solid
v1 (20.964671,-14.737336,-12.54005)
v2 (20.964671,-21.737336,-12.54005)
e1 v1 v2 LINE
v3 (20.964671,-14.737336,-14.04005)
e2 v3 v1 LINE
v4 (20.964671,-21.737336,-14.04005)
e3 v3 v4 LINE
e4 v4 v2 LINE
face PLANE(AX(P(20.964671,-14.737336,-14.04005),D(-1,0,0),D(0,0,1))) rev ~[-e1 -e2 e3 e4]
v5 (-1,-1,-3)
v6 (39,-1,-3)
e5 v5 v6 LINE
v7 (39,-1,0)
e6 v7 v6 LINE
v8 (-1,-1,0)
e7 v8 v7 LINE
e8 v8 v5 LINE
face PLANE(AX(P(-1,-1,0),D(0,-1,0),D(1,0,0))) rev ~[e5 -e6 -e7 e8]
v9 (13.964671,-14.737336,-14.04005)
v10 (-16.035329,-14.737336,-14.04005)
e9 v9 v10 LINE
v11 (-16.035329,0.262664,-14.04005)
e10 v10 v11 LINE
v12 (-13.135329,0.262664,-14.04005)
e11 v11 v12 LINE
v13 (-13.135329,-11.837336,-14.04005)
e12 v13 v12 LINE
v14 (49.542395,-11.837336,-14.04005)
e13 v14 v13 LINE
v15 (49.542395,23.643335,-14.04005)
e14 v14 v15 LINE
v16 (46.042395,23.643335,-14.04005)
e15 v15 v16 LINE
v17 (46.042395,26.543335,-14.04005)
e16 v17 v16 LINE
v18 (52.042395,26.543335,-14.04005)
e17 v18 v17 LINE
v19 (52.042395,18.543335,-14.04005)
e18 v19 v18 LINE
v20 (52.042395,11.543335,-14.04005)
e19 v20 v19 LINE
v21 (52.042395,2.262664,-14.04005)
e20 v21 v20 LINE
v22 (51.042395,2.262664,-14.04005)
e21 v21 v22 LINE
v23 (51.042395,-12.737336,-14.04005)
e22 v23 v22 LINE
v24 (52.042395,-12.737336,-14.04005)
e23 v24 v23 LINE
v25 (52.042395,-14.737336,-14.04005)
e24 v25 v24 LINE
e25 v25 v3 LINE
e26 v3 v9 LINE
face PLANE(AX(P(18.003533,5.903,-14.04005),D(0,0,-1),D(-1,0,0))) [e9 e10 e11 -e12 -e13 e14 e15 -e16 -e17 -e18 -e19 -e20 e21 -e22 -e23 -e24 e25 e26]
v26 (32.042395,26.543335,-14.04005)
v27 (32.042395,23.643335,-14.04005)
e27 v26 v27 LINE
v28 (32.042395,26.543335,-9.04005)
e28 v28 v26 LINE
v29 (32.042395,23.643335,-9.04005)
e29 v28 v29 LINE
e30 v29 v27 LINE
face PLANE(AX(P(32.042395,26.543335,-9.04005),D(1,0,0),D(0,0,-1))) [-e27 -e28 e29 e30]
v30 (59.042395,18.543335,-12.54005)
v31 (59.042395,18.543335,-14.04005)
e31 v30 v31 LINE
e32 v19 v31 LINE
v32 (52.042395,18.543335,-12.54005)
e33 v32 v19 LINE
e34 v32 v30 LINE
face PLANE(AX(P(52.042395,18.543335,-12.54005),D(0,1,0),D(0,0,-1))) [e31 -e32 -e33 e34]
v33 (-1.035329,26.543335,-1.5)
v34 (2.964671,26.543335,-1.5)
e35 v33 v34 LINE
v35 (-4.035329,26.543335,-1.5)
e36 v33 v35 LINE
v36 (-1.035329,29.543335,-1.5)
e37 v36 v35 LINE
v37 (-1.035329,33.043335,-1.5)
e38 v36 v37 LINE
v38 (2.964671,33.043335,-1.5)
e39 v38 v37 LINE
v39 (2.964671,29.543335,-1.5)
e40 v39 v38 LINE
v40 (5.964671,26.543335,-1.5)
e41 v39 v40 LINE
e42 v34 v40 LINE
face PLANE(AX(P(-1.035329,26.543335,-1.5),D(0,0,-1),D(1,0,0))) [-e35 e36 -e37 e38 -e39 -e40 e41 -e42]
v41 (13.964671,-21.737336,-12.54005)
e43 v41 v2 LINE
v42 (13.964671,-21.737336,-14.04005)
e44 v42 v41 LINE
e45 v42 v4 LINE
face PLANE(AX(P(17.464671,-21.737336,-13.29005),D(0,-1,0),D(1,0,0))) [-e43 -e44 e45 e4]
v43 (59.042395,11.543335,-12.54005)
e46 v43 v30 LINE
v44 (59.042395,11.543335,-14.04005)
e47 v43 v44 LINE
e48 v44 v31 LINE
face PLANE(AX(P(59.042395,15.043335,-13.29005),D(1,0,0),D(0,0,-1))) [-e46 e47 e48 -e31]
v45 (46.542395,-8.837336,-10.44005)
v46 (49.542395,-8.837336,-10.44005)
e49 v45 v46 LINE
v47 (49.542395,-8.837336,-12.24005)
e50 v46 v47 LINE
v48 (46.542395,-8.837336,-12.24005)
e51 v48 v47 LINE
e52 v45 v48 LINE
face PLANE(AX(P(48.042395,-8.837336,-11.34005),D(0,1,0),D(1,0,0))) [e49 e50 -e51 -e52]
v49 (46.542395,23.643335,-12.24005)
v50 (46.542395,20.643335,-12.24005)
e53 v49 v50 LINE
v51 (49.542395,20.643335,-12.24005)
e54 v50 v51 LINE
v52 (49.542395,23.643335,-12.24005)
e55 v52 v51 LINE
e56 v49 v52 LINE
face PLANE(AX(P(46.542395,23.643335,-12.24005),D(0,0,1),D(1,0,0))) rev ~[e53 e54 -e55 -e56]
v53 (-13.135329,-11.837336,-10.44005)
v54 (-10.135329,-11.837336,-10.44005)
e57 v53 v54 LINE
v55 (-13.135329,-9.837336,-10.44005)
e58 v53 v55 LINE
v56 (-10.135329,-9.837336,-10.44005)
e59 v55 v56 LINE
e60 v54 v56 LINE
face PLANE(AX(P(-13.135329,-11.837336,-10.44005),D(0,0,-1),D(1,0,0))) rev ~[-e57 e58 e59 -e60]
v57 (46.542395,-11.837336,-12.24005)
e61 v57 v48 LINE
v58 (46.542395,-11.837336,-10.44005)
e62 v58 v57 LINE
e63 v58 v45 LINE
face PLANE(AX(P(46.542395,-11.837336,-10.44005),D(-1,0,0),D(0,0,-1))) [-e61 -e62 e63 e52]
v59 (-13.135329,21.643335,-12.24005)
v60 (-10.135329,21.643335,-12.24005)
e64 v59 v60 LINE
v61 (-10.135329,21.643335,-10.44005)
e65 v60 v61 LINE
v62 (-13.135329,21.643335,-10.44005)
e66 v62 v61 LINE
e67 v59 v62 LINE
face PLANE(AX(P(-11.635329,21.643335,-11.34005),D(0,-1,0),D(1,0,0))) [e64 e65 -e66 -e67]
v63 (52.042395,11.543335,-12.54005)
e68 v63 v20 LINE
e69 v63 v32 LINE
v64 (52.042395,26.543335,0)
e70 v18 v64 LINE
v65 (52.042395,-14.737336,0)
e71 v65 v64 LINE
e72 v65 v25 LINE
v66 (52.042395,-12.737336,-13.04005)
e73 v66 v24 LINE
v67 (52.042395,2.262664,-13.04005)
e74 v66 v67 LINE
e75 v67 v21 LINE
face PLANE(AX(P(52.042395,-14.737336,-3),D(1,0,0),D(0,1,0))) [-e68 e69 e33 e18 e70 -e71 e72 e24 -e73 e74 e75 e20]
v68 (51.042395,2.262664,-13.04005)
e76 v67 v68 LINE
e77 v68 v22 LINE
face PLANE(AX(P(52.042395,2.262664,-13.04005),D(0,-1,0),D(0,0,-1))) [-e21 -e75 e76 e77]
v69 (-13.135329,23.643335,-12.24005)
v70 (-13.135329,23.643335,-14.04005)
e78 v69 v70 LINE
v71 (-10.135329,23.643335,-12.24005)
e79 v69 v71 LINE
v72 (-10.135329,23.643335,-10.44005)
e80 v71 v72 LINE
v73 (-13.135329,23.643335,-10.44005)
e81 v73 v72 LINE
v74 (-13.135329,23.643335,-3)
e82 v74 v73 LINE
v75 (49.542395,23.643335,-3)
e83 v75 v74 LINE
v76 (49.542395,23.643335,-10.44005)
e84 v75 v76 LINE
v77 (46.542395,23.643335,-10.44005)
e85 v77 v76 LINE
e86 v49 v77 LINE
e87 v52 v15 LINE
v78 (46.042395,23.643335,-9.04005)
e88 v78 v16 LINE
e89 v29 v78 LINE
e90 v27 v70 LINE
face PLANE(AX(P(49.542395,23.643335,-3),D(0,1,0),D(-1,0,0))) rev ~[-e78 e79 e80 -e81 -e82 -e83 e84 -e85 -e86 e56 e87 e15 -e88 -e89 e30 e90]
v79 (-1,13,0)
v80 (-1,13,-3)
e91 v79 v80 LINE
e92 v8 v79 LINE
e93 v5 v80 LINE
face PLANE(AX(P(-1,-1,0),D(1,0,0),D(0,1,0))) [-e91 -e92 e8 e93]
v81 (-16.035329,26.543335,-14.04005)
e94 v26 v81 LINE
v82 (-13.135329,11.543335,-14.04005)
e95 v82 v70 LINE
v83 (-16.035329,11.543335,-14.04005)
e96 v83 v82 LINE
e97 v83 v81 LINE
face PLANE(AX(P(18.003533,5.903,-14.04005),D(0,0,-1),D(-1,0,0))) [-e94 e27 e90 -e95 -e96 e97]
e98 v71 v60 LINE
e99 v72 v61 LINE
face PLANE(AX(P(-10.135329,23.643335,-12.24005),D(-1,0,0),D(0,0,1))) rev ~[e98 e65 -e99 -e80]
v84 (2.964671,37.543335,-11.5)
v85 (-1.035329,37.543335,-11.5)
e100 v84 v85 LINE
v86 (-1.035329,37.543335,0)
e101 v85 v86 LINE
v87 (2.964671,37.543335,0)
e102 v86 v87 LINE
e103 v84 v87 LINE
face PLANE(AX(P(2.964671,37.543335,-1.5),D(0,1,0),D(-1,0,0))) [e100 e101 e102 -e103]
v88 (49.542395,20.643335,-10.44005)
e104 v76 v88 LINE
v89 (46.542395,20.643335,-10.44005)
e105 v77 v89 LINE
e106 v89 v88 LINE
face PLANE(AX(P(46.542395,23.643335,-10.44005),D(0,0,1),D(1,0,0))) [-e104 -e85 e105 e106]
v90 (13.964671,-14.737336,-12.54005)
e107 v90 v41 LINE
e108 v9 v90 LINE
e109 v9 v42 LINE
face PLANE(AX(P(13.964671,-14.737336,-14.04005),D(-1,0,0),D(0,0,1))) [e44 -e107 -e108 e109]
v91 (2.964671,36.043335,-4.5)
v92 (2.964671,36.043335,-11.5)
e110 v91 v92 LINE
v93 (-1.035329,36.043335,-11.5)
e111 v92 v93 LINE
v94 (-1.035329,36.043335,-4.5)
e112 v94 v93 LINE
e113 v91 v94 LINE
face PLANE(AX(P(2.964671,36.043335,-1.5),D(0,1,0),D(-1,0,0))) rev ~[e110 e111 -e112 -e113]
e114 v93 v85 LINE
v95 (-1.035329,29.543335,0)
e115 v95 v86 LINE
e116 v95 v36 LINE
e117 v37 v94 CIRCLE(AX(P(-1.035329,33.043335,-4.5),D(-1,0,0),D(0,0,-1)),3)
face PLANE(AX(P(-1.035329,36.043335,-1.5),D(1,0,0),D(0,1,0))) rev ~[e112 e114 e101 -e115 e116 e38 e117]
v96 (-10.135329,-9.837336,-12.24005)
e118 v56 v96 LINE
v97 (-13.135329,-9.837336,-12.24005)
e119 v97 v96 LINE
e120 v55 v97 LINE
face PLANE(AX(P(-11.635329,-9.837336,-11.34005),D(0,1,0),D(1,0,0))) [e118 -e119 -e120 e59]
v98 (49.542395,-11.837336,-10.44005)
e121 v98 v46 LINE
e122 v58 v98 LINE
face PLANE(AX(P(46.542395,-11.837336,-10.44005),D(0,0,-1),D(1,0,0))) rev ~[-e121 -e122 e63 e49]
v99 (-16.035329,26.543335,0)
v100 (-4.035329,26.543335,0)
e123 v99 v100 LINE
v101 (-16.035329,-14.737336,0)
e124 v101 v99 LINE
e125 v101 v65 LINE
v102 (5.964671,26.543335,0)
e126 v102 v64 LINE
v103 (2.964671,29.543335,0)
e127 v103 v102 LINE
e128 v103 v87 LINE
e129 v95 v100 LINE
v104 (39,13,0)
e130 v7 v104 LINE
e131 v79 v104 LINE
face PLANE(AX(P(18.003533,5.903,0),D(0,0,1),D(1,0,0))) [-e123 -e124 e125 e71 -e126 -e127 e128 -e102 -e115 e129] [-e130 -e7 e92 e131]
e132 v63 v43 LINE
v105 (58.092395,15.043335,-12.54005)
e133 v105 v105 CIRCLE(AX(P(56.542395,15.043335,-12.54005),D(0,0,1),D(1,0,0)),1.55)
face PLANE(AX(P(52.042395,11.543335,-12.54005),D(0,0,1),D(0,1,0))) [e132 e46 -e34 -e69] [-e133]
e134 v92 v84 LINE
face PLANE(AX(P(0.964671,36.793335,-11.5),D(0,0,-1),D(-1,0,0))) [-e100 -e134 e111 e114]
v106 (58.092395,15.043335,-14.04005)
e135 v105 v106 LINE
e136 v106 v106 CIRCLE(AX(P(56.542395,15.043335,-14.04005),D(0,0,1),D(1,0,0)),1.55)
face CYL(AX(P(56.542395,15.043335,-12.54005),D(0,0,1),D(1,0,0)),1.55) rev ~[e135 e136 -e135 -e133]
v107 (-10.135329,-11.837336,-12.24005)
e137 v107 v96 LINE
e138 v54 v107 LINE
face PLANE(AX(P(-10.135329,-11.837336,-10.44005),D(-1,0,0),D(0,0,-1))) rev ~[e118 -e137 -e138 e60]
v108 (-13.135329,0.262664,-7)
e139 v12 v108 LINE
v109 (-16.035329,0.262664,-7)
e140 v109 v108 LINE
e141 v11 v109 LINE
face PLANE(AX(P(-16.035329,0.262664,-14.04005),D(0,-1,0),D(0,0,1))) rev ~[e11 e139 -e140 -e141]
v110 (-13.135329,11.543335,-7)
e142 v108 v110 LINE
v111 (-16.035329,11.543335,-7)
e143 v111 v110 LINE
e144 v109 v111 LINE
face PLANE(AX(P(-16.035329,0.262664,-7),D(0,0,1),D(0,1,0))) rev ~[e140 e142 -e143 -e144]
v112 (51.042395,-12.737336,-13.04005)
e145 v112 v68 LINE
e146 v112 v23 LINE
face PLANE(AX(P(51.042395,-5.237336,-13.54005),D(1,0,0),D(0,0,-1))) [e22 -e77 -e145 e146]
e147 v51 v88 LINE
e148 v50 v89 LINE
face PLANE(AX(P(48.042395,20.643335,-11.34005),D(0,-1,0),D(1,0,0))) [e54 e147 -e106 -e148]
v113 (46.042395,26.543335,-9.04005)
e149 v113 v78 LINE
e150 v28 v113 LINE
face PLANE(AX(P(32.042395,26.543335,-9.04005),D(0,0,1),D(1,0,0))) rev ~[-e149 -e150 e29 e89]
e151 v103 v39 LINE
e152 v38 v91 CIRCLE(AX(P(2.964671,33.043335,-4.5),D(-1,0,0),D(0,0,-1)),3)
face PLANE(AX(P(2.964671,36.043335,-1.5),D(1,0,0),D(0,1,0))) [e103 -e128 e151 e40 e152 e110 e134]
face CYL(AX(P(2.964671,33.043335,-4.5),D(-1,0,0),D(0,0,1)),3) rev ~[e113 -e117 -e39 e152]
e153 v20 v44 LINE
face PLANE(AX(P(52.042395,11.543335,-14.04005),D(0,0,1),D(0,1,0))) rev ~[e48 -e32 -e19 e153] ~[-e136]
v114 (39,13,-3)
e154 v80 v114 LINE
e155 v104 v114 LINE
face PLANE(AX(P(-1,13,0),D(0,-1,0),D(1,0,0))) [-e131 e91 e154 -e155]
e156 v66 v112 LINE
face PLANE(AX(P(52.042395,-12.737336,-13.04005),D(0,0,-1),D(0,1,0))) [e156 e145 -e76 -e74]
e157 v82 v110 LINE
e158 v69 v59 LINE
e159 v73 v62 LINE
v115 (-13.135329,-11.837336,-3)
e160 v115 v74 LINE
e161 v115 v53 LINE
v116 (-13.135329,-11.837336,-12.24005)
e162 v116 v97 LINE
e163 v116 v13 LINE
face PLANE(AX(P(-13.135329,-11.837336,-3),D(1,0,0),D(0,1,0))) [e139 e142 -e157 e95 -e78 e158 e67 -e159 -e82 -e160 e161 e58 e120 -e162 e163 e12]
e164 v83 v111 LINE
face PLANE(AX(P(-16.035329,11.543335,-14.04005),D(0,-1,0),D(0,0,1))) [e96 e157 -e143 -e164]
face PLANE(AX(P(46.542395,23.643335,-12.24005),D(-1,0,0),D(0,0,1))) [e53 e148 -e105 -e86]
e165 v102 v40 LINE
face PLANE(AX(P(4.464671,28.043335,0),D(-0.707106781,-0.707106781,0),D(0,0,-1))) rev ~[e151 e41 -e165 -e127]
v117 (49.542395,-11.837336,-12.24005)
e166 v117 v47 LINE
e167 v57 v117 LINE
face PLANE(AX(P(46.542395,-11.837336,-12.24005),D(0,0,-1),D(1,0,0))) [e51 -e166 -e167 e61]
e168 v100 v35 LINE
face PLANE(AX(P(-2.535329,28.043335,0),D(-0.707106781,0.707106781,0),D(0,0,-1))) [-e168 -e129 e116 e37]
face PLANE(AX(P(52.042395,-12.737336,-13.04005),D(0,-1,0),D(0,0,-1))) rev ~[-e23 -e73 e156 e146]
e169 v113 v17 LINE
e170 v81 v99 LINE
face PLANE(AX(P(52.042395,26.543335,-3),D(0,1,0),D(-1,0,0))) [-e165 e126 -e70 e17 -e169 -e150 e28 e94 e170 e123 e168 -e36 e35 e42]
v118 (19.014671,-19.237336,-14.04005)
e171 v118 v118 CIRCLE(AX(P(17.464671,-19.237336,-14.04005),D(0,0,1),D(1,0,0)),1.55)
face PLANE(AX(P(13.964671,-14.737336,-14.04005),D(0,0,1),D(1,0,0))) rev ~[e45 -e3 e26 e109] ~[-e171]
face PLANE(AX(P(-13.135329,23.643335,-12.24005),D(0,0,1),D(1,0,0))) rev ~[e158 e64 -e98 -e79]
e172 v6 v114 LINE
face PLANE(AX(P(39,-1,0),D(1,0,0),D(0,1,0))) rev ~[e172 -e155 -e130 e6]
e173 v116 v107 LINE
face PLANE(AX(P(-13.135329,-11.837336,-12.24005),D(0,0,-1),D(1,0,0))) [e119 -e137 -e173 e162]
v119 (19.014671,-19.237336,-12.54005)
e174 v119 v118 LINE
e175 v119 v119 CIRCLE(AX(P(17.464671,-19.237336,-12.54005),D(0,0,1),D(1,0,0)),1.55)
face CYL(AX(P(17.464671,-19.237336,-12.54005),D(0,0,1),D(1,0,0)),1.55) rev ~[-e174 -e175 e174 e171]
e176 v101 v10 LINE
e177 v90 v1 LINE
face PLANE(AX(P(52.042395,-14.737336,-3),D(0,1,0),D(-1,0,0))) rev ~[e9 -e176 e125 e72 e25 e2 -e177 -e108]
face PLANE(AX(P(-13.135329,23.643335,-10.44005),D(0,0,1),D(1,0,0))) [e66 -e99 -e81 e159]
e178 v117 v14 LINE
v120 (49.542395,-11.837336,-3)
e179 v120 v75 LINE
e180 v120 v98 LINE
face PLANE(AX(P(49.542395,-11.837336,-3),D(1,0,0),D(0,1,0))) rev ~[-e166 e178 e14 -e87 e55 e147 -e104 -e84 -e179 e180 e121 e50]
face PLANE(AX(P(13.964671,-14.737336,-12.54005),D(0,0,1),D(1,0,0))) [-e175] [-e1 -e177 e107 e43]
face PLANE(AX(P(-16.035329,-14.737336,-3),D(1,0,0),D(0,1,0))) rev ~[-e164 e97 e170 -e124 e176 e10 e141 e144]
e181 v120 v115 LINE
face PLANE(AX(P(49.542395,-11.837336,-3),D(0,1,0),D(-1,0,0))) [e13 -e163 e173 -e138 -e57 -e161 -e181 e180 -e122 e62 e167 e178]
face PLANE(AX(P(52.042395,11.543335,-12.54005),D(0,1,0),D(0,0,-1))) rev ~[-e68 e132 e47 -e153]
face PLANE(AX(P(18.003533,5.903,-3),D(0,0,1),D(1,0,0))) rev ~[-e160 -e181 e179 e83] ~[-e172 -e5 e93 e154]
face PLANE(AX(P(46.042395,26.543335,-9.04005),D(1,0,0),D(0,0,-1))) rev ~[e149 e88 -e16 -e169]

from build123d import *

# Parameters (mm, degrees)
SKETCH_1_W          = 68.077724156
SKETCH_1_H          = 41.280670561
SKETCH_1_W_2        = 40
SKETCH_1_H_2        = 14
EXTRUDE_1_DEPTH     = 3
SKETCH_2_W          = 68.077724156
SKETCH_2_H          = 41.280670561
SKETCH_2_W_2        = 62.677724156
SKETCH_2_H_2        = 35.480670561
EXTRUDE_2_DEPTH     = 11.04005
SKETCH_3_W          = 7.040050383
SKETCH_3_H          = 11.280670561
CUT_EXTRUDE_1_DEPTH = 2.9
SKETCH_4_W          = 3
SKETCH_4_H          = 1.8
EXTRUDE_3_DEPTH     = 3
SKETCH_5_W          = 3
SKETCH_5_H          = 1.8
EXTRUDE_4_DEPTH     = 3
SKETCH_6_W          = 3
SKETCH_6_H          = 1.8
EXTRUDE_5_DEPTH     = 2
SKETCH_7_W          = 3
SKETCH_7_H          = 1.8
EXTRUDE_6_DEPTH     = 2
SKETCH_8_W          = 14
SKETCH_8_H          = 5
CUT_EXTRUDE_2_DEPTH = 2.9
SKETCH_9_W          = 1
SKETCH_9_H          = 15
CUT_EXTRUDE_3_DEPTH = 1
SKETCH_10_W         = 1.5
SKETCH_10_H         = 7
EXTRUDE_7_DEPTH     = 7
SKETCH_13_R         = 1.55
CUT_EXTRUDE_6_DEPTH = 2.5
SKETCH_14_W         = 4
SKETCH_14_H         = 1.5
EXTRUDE_8_DEPTH     = 11
SKETCH_15_W         = 4
SKETCH_15_H         = 1.5
EXTRUDE_9_DEPTH     = 10
CHAMFER_1_SIZE      = 3
FILLET_2_R          = 3
SKETCH_16_W         = 7
SKETCH_16_H         = 1.5
EXTRUDE_10_DEPTH    = 7
SKETCH_17_R         = 1.55
CUT_EXTRUDE_7_DEPTH = 2.5


with BuildPart() as part:
    # 草图1 → 凸台-拉伸1 (new body)
    with BuildSketch(Plane.XY):
        with Locations((18.003533133, 5.902999581)):
            Rectangle(SKETCH_1_W, SKETCH_1_H)
        with Locations((19, 6)):
            Rectangle(SKETCH_1_W_2, SKETCH_1_H_2, mode=Mode.SUBTRACT)
    extrude(amount=-EXTRUDE_1_DEPTH)

    # 草图2 → 凸台-拉伸2 (add)
    with BuildSketch(Plane(origin=(0, 0, -3), x_dir=(-1, 0, 0), z_dir=(0, 0, -1))):
        with Locations((-18.003533133, 5.902999581)):
            Rectangle(SKETCH_2_W, SKETCH_2_H)
        with Locations((-18.203533133, 5.902999581)):
            Rectangle(SKETCH_2_W_2, SKETCH_2_H_2, mode=Mode.SUBTRACT)
    extrude(amount=EXTRUDE_2_DEPTH)

    # 草图3 → 切除-拉伸1 (cut)
    with BuildSketch(Plane.ZY.offset(16.035328945)):
        with Locations((-10.520025192, 5.902999581)):
            Rectangle(SKETCH_3_W, SKETCH_3_H)
    extrude(amount=-CUT_EXTRUDE_1_DEPTH, mode=Mode.SUBTRACT)

    # 草图4 → 凸台-拉伸3 (add)
    with BuildSketch(Plane.XZ.offset(-23.643334861)):
        with Locations((48.042395211, -11.340050383)):
            Rectangle(SKETCH_4_W, SKETCH_4_H)
    extrude(amount=EXTRUDE_3_DEPTH)

    # 草图5 → 凸台-拉伸4 (add)
    with BuildSketch(Plane(origin=(0, -11.8373357, 0), x_dir=(1, 0, 0), z_dir=(0, 1, 0))):
        with Locations((48.042395211, 11.340050383)):
            Rectangle(SKETCH_5_W, SKETCH_5_H)
    extrude(amount=EXTRUDE_4_DEPTH)

    # 草图6 → 凸台-拉伸5 (add)
    with BuildSketch(Plane.XZ.offset(-23.643334861)):
        with Locations((-11.635328945, -11.340050383)):
            Rectangle(SKETCH_6_W, SKETCH_6_H)
    extrude(amount=EXTRUDE_5_DEPTH)

    # 草图7 → 凸台-拉伸6 (add)
    with BuildSketch(Plane(origin=(0, -11.8373357, 0), x_dir=(1, 0, 0), z_dir=(0, 1, 0))):
        with Locations((-11.635328945, 11.340050383)):
            Rectangle(SKETCH_7_W, SKETCH_7_H)
    extrude(amount=EXTRUDE_6_DEPTH)

    # 草图8 → 切除-拉伸2 (cut)
    with BuildSketch(Plane(origin=(0, 26.543334861, 0), x_dir=(1, 0, 0), z_dir=(0, 1, 0))):
        with Locations((39.042395211, 11.540050383)):
            Rectangle(SKETCH_8_W, SKETCH_8_H)
    extrude(amount=-CUT_EXTRUDE_2_DEPTH, mode=Mode.SUBTRACT)

    # 草图9 → 切除-拉伸3 (cut)
    with BuildSketch(Plane(origin=(52.042395211, 0, 0), x_dir=(0, 0, -1), z_dir=(1, 0, 0))):
        with Locations((13.540050383, -5.2373357)):
            Rectangle(SKETCH_9_W, SKETCH_9_H)
    extrude(amount=-CUT_EXTRUDE_3_DEPTH, mode=Mode.SUBTRACT)

    # 草图10 → 凸台-拉伸7 (add)
    with BuildSketch(Plane(origin=(52.042395211, 0, 0), x_dir=(0, 0, -1), z_dir=(1, 0, 0))):
        with Locations((13.290050383, 15.043334861)):
            Rectangle(SKETCH_10_W, SKETCH_10_H)
    extrude(amount=EXTRUDE_7_DEPTH)

    # 草图13 → 切除-拉伸6 (cut, through all)
    with BuildSketch(Plane.XY.offset(-12.540050383)):
        with Locations((56.542395211, 15.043334861)):
            Circle(SKETCH_13_R)
    extrude(amount=-CUT_EXTRUDE_6_DEPTH, mode=Mode.SUBTRACT)

    # 草图14 → 凸台-拉伸8 (add)
    with BuildSketch(Plane(origin=(0, 26.543334861, 0), x_dir=(1, 0, 0), z_dir=(0, 1, 0))):
        with Locations((0.964671055, 0.75)):
            Rectangle(SKETCH_14_W, SKETCH_14_H)
    extrude(amount=EXTRUDE_8_DEPTH)

    # 草图15 → 凸台-拉伸9 (add)
    with BuildSketch(Plane(origin=(0, 0, -1.5), x_dir=(-1, 0, 0), z_dir=(0, 0, -1))):
        with Locations((-0.964671055, 36.793334861)):
            Rectangle(SKETCH_15_W, SKETCH_15_H)
    extrude(amount=EXTRUDE_9_DEPTH)

    # 倒角1
    chamfer_1_edges = [part.edges().sort_by_distance(p)[0] for p in [
        (2.964671055, 26.543334861, -0.75),
        (-1.035328945, 26.543334861, -0.75),
    ]]
    chamfer(chamfer_1_edges, length=CHAMFER_1_SIZE)

    # 圆角2
    fillet_2_edges = [part.edges().sort_by_distance(p)[0] for p in [
        (0.964671055, 36.043334861, -1.5),
    ]]
    fillet(fillet_2_edges, radius=FILLET_2_R)

    # 草图16 → 凸台-拉伸10 (add)
    with BuildSketch(Plane.XZ.offset(14.7373357)):
        with Locations((17.464671055, -13.290050383)):
            Rectangle(SKETCH_16_W, SKETCH_16_H)
    extrude(amount=EXTRUDE_10_DEPTH)

    # 草图17 → 切除-拉伸7 (cut, through all)
    with BuildSketch(Plane.XY.offset(-12.540050383)):
        with Locations((17.464671055, -19.2373357)):
            Circle(SKETCH_17_R)
    extrude(amount=-CUT_EXTRUDE_7_DEPTH, mode=Mode.SUBTRACT)


solid = part.part
